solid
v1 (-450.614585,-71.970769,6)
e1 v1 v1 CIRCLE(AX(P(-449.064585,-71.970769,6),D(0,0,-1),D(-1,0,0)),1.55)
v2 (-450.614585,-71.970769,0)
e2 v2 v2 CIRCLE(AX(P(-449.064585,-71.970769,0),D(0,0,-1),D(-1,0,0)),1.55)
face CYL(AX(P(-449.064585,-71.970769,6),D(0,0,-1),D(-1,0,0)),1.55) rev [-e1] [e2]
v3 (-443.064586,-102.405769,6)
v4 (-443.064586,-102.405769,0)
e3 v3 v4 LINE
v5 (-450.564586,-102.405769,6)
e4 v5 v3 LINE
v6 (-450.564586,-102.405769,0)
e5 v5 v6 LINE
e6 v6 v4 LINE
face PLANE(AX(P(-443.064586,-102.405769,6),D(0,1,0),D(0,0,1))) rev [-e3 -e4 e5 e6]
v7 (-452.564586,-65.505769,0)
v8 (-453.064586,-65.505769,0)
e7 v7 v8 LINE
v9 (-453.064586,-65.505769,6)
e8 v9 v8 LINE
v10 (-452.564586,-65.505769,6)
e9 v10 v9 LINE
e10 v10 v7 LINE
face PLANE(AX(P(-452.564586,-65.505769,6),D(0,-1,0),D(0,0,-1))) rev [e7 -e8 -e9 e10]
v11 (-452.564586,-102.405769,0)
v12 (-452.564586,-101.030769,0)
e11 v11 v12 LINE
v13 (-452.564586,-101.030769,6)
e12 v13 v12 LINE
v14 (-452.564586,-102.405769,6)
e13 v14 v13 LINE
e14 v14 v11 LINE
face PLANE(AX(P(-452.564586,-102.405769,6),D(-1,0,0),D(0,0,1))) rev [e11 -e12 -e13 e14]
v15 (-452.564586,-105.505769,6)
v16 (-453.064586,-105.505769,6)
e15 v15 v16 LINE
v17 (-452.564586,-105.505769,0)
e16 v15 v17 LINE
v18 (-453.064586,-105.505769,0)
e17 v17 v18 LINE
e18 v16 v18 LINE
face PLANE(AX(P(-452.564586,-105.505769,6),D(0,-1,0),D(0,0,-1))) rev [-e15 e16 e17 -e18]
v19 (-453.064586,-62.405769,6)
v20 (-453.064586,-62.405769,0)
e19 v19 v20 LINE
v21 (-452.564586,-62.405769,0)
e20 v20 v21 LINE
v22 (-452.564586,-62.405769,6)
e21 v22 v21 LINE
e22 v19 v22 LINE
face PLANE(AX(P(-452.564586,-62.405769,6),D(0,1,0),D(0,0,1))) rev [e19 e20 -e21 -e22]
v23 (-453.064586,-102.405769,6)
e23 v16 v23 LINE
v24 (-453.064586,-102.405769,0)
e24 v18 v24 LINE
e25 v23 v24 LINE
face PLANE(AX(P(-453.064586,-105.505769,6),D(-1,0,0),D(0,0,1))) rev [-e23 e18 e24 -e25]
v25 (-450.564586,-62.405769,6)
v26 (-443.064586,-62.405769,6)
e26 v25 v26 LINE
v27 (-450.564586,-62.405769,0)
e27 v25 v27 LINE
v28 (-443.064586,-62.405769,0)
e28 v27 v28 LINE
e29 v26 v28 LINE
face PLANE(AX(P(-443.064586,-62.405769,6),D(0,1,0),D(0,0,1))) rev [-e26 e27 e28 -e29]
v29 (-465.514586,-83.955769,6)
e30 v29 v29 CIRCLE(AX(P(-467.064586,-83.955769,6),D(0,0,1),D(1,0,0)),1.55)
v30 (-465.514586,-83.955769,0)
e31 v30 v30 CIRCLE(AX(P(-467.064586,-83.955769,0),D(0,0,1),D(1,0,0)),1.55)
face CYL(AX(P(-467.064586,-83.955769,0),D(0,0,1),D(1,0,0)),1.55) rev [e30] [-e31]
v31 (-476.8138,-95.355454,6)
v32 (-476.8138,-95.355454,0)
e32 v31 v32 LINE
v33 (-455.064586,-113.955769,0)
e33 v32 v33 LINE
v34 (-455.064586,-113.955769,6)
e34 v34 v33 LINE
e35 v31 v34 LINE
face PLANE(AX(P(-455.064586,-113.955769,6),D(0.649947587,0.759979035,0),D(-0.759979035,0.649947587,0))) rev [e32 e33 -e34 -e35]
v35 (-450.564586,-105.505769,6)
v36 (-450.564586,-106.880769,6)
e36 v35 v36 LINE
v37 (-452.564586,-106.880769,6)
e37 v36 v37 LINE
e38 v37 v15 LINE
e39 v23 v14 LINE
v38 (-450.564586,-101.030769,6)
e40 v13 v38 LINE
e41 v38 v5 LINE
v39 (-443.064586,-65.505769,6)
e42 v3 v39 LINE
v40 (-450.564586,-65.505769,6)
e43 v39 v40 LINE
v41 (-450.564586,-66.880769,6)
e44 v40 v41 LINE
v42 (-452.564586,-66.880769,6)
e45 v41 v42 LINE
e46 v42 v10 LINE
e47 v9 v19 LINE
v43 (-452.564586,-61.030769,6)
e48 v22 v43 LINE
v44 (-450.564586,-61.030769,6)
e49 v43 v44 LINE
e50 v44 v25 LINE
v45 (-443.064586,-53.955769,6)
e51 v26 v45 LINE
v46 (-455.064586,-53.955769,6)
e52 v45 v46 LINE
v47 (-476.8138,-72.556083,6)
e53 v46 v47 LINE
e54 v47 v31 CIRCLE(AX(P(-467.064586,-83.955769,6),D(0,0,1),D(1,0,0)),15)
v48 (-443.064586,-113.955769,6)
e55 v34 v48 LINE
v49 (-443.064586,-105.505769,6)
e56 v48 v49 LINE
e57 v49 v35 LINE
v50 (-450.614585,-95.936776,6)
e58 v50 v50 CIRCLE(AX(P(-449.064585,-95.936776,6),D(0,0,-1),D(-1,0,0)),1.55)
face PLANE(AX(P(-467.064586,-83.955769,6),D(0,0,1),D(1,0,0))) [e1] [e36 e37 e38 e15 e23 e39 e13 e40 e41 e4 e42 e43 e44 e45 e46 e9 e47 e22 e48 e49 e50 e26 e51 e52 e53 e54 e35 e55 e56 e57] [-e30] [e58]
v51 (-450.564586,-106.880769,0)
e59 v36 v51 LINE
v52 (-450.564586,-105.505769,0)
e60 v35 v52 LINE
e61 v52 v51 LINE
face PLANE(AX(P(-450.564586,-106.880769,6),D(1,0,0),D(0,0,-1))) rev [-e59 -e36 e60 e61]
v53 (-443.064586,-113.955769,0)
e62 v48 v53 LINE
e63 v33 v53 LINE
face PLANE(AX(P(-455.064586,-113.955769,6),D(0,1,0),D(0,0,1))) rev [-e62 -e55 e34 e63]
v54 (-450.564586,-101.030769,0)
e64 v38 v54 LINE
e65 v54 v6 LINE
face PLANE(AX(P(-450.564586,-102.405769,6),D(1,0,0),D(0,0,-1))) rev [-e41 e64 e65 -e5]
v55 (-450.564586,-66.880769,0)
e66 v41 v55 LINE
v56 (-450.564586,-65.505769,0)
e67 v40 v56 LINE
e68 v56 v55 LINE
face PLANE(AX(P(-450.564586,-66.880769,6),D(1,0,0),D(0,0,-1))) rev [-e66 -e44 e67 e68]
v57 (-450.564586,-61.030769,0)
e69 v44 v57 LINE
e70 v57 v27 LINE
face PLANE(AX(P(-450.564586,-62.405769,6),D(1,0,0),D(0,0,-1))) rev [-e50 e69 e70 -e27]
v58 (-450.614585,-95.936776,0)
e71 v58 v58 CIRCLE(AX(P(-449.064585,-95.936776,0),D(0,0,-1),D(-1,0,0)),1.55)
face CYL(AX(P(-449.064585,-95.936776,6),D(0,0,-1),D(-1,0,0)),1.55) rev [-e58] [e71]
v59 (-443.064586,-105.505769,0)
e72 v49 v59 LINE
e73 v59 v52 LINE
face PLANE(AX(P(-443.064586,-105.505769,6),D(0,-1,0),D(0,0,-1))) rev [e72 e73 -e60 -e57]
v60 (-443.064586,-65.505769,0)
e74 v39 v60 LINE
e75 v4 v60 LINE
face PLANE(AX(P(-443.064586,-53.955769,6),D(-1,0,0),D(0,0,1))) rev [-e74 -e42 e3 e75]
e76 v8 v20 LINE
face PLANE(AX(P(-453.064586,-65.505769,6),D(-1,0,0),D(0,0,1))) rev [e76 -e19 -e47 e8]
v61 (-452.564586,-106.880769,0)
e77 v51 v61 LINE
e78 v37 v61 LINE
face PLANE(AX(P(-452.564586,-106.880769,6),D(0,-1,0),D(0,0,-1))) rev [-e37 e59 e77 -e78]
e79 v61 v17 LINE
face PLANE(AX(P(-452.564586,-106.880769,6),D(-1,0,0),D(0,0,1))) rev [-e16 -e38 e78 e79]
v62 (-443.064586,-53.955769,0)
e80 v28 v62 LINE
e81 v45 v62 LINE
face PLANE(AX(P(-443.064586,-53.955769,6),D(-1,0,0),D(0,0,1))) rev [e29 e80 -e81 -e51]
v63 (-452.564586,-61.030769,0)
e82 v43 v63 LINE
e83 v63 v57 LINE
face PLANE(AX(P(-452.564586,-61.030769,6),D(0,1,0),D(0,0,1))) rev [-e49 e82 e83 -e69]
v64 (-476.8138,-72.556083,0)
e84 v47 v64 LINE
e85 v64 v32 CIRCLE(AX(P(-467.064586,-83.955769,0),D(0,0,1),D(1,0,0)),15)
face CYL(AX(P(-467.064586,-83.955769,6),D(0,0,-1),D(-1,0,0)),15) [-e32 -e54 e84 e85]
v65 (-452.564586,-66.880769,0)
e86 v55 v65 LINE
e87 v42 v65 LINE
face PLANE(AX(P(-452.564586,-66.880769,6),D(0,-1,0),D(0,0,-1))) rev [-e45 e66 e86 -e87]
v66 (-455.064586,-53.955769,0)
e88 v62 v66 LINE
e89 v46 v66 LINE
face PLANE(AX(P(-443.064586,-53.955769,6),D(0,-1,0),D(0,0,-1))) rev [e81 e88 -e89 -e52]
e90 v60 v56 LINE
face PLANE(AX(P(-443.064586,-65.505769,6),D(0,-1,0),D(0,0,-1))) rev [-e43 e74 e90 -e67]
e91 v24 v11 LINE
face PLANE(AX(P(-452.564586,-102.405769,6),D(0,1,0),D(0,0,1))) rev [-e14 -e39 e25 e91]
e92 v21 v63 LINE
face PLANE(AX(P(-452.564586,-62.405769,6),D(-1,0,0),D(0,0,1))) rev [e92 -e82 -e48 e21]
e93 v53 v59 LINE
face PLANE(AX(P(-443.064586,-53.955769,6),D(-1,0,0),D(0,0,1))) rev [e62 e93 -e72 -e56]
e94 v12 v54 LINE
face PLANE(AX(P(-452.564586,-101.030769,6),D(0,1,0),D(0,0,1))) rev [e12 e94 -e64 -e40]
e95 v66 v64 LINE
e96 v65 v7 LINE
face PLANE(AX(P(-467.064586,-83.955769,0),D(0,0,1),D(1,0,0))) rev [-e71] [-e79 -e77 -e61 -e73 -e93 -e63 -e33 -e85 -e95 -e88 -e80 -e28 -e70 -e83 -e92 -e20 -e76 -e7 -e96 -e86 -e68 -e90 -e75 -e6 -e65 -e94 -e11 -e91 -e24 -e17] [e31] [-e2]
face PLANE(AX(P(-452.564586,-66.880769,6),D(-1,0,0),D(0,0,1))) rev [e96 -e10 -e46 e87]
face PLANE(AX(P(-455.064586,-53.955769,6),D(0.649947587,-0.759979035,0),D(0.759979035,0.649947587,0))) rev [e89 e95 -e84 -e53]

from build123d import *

# Parameters (mm, degrees)
DODANIE_WYCI_GNI_CIE1_DEPTH = 6
SZKIC2_R                    = 1.55
WYTNIJ_WYCI_GNI_CIE1_DEPTH  = 6
WYTNIJ_WYCI_GNI_CIE2_DEPTH  = 6
SZYK_LINIOWY1_COUNT         = 2
SZYK_LINIOWY1_PITCH         = 40
SZKIC4_R                    = 1.55
WYTNIJ_WYCI_GNI_CIE3_DEPTH  = 6


with BuildPart() as part:
    # Szkic1 → Dodanie-wyciągnięcie1 (new body)
    with BuildSketch(Plane.XY):
        with BuildLine():
            Line((-455.064585695, -113.955768861), (-476.813799507, -95.355454386))
            ThreePointArc((-476.813799507, -95.355454386), (-482.064585695, -83.955768861), (-476.813799507, -72.556083337))
            Line((-476.813799507, -72.556083337), (-455.064585695, -53.955768861))
            Line((-455.064585695, -53.955768861), (-443.064585695, -53.955768861))
            Line((-443.064585695, -53.955768861), (-443.064585695, -113.955768861))
            Line((-443.064585695, -113.955768861), (-455.064585695, -113.955768861))
        make_face()
    extrude(amount=DODANIE_WYCI_GNI_CIE1_DEPTH)

    # Szkic2 → Wytnij-wyciągnięcie1 (cut)
    with BuildSketch(Plane.XY.offset(6)):
        with Locations((-467.064585695, -83.955768861)):
            Circle(SZKIC2_R)
    extrude(amount=-WYTNIJ_WYCI_GNI_CIE1_DEPTH, mode=Mode.SUBTRACT)

    # Szkic3 → Wytnij-wyciągnięcie2 (cut)
    with BuildSketch(Plane(origin=(0, 0, 0), x_dir=(-1, 0, 0), z_dir=(0, 0, -1))):
        Polygon((443.064585695, -105.505768861), (450.564585695, -105.505768861), (450.564585695, -106.880768861), (452.564585695, -106.880768861), (452.564585695, -105.505768861), (453.064585695, -105.505768861), (453.064585695, -102.405768861), (452.564585695, -102.405768861), (452.564585695, -101.030768861), (450.564585695, -101.030768861), (450.564585695, -102.405768861), (443.064585695, -102.405768861), align=None)
    wytnij_wyci_gni_cie2 = extrude(amount=-WYTNIJ_WYCI_GNI_CIE2_DEPTH, mode=Mode.SUBTRACT)

    # Szyk liniowy1: Wytnij-wyciągnięcie2 ×2
    with Locations(*[(0, i * SZYK_LINIOWY1_PITCH, 0) for i in range(1, SZYK_LINIOWY1_COUNT)]):
        add(wytnij_wyci_gni_cie2, mode=Mode.SUBTRACT)

    # Szkic4 → Wytnij-wyciągnięcie3 (cut)
    with BuildSketch(Plane(origin=(0, 0, 0), x_dir=(-1, 0, 0), z_dir=(0, 0, -1))):
        with Locations((449.064585017, -95.936775964)):
            Circle(SZKIC4_R)
        with Locations((449.064585017, -71.970769345)):
            Circle(SZKIC4_R)
    extrude(amount=-WYTNIJ_WYCI_GNI_CIE3_DEPTH, mode=Mode.SUBTRACT)


solid = part.part
